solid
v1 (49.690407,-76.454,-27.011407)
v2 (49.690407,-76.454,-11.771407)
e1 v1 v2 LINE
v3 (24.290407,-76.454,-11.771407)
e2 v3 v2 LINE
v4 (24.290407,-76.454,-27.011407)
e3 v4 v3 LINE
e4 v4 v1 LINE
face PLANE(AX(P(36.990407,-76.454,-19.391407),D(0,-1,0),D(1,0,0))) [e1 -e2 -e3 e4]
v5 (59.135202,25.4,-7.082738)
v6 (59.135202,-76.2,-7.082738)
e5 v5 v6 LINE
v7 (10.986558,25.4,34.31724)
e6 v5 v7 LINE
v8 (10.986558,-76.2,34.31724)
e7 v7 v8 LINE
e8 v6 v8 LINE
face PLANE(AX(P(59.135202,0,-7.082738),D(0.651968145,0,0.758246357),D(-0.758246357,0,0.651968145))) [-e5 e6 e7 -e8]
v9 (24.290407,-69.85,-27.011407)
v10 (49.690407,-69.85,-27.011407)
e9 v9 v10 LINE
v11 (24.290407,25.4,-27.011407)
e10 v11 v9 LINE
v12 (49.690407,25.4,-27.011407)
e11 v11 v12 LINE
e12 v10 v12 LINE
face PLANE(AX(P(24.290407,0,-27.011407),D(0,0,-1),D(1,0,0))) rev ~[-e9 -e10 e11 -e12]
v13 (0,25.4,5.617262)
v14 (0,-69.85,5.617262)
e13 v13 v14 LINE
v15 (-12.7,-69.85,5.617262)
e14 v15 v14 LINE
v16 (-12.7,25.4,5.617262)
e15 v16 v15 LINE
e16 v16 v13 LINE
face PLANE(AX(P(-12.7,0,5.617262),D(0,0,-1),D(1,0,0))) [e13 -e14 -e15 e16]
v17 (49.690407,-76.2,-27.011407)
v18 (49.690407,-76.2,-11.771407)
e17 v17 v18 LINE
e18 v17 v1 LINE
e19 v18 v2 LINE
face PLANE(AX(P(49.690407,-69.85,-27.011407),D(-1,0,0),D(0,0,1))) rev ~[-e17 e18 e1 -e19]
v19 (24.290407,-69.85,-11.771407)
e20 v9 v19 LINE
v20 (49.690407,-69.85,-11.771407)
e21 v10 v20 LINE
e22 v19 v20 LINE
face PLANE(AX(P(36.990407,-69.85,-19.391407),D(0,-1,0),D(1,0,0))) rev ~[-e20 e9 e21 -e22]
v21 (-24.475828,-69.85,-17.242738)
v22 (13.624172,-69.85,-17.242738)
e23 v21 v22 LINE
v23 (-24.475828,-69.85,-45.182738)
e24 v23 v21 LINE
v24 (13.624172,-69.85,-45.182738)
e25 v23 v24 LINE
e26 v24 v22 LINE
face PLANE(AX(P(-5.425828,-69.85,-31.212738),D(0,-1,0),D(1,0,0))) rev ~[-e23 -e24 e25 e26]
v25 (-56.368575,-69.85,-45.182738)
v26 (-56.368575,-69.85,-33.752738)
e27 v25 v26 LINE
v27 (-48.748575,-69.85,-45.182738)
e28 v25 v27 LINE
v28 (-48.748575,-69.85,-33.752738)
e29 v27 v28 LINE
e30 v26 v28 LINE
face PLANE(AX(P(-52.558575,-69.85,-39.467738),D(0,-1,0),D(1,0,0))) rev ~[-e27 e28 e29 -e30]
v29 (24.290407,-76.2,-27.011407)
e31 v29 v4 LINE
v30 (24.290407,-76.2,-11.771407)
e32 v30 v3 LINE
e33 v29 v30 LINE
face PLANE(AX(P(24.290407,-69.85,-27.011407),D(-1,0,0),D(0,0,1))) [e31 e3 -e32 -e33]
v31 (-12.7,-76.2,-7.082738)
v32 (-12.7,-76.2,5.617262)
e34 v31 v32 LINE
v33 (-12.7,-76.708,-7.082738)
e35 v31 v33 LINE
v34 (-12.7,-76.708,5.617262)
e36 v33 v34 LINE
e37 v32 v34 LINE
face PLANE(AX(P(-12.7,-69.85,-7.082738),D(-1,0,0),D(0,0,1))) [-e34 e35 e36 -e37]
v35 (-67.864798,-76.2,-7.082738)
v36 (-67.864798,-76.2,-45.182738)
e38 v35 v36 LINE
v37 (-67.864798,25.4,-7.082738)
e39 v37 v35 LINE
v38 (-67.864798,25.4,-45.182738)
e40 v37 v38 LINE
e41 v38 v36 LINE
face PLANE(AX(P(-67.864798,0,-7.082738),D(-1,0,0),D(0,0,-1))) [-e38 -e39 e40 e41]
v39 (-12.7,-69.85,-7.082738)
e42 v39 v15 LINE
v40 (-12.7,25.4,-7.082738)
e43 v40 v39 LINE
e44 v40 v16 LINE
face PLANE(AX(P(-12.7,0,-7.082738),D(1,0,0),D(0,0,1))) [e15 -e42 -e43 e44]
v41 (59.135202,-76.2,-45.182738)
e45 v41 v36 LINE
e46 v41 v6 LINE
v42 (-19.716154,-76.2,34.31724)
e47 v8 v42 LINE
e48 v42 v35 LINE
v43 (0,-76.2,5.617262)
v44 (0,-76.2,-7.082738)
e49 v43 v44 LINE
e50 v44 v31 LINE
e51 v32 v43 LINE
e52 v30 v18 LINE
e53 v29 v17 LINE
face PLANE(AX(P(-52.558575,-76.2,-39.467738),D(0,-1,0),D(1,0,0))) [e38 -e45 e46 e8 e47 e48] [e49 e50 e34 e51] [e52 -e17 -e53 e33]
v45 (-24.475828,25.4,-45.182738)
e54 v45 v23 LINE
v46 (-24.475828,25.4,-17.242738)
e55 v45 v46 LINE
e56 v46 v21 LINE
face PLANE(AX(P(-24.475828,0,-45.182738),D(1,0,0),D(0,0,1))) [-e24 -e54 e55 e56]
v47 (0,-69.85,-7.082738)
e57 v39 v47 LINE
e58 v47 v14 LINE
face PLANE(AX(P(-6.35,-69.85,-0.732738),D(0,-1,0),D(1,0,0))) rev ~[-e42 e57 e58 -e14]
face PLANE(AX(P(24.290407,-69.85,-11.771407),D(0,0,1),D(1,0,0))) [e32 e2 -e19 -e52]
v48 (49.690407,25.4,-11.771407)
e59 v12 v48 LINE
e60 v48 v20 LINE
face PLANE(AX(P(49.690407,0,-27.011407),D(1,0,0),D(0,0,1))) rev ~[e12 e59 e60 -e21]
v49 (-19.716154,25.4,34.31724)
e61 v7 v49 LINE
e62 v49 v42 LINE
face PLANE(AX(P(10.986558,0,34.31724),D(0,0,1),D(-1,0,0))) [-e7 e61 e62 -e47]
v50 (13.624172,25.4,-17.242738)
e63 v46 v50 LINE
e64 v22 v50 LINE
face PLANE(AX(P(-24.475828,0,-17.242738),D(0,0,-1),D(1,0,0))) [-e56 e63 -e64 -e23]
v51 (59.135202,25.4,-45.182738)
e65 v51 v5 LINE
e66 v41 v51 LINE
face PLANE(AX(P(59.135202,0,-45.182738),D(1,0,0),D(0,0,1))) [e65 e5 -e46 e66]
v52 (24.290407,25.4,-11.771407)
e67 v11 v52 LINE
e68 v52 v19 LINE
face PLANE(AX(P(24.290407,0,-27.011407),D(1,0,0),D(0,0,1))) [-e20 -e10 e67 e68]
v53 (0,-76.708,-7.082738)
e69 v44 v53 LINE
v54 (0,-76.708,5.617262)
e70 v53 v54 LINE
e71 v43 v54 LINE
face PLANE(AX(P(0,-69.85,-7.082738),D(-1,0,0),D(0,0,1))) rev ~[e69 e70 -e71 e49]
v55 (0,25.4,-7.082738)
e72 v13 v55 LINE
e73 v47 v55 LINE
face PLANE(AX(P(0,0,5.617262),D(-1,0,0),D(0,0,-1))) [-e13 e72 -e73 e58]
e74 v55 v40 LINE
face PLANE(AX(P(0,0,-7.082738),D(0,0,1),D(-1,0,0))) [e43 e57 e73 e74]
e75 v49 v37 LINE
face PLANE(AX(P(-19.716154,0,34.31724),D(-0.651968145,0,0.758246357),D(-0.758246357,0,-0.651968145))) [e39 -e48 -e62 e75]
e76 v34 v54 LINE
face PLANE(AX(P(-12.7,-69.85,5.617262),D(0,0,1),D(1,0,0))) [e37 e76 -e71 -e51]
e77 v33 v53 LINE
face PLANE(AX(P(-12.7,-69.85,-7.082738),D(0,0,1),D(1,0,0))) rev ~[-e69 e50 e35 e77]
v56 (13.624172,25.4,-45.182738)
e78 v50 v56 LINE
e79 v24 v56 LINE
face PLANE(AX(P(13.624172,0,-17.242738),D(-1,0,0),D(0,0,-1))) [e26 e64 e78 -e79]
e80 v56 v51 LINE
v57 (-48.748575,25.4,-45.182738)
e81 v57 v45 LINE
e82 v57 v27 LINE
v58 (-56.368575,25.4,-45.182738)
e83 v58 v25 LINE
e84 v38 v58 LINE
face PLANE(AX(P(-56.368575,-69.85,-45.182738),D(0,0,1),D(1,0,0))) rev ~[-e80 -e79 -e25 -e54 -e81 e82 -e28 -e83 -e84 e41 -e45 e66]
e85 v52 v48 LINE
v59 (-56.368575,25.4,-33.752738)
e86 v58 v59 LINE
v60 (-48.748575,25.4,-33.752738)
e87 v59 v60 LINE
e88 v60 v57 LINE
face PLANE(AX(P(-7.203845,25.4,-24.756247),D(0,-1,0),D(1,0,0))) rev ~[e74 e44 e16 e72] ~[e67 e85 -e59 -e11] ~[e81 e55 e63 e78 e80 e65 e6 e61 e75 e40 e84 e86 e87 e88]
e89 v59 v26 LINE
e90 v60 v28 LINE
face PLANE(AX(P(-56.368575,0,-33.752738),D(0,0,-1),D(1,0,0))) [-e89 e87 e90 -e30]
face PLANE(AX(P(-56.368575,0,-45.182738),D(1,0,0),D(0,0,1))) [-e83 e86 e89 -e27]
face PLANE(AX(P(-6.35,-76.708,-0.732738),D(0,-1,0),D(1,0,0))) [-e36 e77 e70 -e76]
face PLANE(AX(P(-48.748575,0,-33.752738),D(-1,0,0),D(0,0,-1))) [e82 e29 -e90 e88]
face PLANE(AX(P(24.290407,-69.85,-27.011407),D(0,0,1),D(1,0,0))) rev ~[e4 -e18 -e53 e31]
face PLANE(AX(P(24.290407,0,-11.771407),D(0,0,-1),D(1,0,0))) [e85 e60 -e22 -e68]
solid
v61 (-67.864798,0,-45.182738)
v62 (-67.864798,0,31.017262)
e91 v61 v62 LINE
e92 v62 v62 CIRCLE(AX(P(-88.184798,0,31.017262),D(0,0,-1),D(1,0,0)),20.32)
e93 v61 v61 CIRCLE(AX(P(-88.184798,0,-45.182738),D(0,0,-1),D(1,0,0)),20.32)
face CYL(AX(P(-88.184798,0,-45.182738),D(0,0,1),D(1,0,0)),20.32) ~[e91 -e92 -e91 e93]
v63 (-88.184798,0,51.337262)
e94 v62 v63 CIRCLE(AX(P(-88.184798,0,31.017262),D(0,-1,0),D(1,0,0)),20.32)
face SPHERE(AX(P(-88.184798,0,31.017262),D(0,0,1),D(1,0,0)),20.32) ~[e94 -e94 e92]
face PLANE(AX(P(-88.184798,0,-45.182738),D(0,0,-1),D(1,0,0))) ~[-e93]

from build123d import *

# Parameters (mm, degrees)
F0_W          = 25.4
F0_H          = 15.24
F1_DEPTH      = 76.2
F1_DEPTH_BACK = 25.4
F3_START      = 69.85
F0_W_2        = 38.1
F0_H_2        = 27.94
F3_DEPTH      = 6.35
F4_START      = 69.85
F0_W_3        = 7.62
F0_H_3        = 11.43
F4_DEPTH      = 6.35
F5_START      = 69.85
F0_W_4        = 12.7
F0_H_4        = 12.7
F5_DEPTH      = 6.858
F6_START      = 69.85
F6_DEPTH      = 6.604


with BuildPart() as f1:
    # F0 (on Front) → F1 (new body, two sides)
    with BuildSketch(Plane.XZ) as f1_sk:
        Polygon((59.1352019906, -45.1827376871), (59.1352019906, -7.0827376871), (0, -7.0827376871), (-12.7, -7.0827376871), (-67.8647980094, -7.0827376871), (-67.8647980094, -45.1827376871), (-56.3685745001, -45.1827376871), (-56.3685745001, -33.7527376871), (-48.7485745001, -33.7527376871), (-48.7485745001, -45.1827376871), (-24.4758278131, -45.1827376871), (-24.4758278131, -17.2427376871), (13.6241721869, -17.2427376871), (13.6241721869, -45.1827376871), align=None)
        with Locations((36.9904070765, -19.3914072331)):
            Rectangle(F0_W, F0_H, mode=Mode.SUBTRACT)
        Polygon((0, -7.0827376871), (59.1352019906, -7.0827376871), (10.986558335, 34.3172395366), (-19.7161543538, 34.3172395366), (-67.8647980094, -7.0827376871), (-12.7, -7.0827376871), (-12.7, 5.6172623129), (0, 5.6172623129), align=None)
    extrude(amount=F1_DEPTH)
    extrude(f1_sk.sketch, amount=-F1_DEPTH_BACK)

    # F0 (on Front) → F3 (join)
    with BuildSketch(Plane.XZ.offset(F3_START)):
        with Locations((-5.4258278131, -31.2127376871)):
            Rectangle(F0_W_2, F0_H_2)
    extrude(amount=F3_DEPTH)

    # F0 (on Front) → F4 (join)
    with BuildSketch(Plane.XZ.offset(F4_START)):
        with Locations((-52.5585745001, -39.4677376871)):
            Rectangle(F0_W_3, F0_H_3)
    extrude(amount=F4_DEPTH)

    # F0 (on Front) → F5 (join)
    with BuildSketch(Plane.XZ.offset(F5_START)):
        with Locations((-6.35, -0.7327376871)):
            Rectangle(F0_W_4, F0_H_4)
    extrude(amount=F5_DEPTH)

    # F0 (on Front) → F6 (join)
    with BuildSketch(Plane.XZ.offset(F6_START)):
        with Locations((36.9904070765, -19.3914072331)):
            Rectangle(F0_W, F0_H)
    extrude(amount=F6_DEPTH)


with BuildPart() as f2:
    # F0 (on Front) → F2 (revolve)
    with BuildSketch(Plane.XZ):
        with BuildLine():
            Line((-88.1847980094, 31.0172623129), (-67.8647980094, 31.0172623129))
            ThreePointArc((-67.8647980094, 31.0172623129), (-73.8163882157, 45.3856721066), (-88.1847980094, 51.3372623129))
            Line((-88.1847980094, 51.3372623129), (-88.1847980094, 31.0172623129))
        make_face()
        Polygon((-67.8647980094, -45.1827376871), (-67.8647980094, -7.0827376871), (-67.8647980094, 31.0172623129), (-88.1847980094, 31.0172623129), (-88.1847980094, -45.1827376871), align=None)
    revolve(axis=Axis((-88.1847980094, 0, 3.0772623129), (0, 0, -1)))


solid = Compound([f1.part, f2.part])
